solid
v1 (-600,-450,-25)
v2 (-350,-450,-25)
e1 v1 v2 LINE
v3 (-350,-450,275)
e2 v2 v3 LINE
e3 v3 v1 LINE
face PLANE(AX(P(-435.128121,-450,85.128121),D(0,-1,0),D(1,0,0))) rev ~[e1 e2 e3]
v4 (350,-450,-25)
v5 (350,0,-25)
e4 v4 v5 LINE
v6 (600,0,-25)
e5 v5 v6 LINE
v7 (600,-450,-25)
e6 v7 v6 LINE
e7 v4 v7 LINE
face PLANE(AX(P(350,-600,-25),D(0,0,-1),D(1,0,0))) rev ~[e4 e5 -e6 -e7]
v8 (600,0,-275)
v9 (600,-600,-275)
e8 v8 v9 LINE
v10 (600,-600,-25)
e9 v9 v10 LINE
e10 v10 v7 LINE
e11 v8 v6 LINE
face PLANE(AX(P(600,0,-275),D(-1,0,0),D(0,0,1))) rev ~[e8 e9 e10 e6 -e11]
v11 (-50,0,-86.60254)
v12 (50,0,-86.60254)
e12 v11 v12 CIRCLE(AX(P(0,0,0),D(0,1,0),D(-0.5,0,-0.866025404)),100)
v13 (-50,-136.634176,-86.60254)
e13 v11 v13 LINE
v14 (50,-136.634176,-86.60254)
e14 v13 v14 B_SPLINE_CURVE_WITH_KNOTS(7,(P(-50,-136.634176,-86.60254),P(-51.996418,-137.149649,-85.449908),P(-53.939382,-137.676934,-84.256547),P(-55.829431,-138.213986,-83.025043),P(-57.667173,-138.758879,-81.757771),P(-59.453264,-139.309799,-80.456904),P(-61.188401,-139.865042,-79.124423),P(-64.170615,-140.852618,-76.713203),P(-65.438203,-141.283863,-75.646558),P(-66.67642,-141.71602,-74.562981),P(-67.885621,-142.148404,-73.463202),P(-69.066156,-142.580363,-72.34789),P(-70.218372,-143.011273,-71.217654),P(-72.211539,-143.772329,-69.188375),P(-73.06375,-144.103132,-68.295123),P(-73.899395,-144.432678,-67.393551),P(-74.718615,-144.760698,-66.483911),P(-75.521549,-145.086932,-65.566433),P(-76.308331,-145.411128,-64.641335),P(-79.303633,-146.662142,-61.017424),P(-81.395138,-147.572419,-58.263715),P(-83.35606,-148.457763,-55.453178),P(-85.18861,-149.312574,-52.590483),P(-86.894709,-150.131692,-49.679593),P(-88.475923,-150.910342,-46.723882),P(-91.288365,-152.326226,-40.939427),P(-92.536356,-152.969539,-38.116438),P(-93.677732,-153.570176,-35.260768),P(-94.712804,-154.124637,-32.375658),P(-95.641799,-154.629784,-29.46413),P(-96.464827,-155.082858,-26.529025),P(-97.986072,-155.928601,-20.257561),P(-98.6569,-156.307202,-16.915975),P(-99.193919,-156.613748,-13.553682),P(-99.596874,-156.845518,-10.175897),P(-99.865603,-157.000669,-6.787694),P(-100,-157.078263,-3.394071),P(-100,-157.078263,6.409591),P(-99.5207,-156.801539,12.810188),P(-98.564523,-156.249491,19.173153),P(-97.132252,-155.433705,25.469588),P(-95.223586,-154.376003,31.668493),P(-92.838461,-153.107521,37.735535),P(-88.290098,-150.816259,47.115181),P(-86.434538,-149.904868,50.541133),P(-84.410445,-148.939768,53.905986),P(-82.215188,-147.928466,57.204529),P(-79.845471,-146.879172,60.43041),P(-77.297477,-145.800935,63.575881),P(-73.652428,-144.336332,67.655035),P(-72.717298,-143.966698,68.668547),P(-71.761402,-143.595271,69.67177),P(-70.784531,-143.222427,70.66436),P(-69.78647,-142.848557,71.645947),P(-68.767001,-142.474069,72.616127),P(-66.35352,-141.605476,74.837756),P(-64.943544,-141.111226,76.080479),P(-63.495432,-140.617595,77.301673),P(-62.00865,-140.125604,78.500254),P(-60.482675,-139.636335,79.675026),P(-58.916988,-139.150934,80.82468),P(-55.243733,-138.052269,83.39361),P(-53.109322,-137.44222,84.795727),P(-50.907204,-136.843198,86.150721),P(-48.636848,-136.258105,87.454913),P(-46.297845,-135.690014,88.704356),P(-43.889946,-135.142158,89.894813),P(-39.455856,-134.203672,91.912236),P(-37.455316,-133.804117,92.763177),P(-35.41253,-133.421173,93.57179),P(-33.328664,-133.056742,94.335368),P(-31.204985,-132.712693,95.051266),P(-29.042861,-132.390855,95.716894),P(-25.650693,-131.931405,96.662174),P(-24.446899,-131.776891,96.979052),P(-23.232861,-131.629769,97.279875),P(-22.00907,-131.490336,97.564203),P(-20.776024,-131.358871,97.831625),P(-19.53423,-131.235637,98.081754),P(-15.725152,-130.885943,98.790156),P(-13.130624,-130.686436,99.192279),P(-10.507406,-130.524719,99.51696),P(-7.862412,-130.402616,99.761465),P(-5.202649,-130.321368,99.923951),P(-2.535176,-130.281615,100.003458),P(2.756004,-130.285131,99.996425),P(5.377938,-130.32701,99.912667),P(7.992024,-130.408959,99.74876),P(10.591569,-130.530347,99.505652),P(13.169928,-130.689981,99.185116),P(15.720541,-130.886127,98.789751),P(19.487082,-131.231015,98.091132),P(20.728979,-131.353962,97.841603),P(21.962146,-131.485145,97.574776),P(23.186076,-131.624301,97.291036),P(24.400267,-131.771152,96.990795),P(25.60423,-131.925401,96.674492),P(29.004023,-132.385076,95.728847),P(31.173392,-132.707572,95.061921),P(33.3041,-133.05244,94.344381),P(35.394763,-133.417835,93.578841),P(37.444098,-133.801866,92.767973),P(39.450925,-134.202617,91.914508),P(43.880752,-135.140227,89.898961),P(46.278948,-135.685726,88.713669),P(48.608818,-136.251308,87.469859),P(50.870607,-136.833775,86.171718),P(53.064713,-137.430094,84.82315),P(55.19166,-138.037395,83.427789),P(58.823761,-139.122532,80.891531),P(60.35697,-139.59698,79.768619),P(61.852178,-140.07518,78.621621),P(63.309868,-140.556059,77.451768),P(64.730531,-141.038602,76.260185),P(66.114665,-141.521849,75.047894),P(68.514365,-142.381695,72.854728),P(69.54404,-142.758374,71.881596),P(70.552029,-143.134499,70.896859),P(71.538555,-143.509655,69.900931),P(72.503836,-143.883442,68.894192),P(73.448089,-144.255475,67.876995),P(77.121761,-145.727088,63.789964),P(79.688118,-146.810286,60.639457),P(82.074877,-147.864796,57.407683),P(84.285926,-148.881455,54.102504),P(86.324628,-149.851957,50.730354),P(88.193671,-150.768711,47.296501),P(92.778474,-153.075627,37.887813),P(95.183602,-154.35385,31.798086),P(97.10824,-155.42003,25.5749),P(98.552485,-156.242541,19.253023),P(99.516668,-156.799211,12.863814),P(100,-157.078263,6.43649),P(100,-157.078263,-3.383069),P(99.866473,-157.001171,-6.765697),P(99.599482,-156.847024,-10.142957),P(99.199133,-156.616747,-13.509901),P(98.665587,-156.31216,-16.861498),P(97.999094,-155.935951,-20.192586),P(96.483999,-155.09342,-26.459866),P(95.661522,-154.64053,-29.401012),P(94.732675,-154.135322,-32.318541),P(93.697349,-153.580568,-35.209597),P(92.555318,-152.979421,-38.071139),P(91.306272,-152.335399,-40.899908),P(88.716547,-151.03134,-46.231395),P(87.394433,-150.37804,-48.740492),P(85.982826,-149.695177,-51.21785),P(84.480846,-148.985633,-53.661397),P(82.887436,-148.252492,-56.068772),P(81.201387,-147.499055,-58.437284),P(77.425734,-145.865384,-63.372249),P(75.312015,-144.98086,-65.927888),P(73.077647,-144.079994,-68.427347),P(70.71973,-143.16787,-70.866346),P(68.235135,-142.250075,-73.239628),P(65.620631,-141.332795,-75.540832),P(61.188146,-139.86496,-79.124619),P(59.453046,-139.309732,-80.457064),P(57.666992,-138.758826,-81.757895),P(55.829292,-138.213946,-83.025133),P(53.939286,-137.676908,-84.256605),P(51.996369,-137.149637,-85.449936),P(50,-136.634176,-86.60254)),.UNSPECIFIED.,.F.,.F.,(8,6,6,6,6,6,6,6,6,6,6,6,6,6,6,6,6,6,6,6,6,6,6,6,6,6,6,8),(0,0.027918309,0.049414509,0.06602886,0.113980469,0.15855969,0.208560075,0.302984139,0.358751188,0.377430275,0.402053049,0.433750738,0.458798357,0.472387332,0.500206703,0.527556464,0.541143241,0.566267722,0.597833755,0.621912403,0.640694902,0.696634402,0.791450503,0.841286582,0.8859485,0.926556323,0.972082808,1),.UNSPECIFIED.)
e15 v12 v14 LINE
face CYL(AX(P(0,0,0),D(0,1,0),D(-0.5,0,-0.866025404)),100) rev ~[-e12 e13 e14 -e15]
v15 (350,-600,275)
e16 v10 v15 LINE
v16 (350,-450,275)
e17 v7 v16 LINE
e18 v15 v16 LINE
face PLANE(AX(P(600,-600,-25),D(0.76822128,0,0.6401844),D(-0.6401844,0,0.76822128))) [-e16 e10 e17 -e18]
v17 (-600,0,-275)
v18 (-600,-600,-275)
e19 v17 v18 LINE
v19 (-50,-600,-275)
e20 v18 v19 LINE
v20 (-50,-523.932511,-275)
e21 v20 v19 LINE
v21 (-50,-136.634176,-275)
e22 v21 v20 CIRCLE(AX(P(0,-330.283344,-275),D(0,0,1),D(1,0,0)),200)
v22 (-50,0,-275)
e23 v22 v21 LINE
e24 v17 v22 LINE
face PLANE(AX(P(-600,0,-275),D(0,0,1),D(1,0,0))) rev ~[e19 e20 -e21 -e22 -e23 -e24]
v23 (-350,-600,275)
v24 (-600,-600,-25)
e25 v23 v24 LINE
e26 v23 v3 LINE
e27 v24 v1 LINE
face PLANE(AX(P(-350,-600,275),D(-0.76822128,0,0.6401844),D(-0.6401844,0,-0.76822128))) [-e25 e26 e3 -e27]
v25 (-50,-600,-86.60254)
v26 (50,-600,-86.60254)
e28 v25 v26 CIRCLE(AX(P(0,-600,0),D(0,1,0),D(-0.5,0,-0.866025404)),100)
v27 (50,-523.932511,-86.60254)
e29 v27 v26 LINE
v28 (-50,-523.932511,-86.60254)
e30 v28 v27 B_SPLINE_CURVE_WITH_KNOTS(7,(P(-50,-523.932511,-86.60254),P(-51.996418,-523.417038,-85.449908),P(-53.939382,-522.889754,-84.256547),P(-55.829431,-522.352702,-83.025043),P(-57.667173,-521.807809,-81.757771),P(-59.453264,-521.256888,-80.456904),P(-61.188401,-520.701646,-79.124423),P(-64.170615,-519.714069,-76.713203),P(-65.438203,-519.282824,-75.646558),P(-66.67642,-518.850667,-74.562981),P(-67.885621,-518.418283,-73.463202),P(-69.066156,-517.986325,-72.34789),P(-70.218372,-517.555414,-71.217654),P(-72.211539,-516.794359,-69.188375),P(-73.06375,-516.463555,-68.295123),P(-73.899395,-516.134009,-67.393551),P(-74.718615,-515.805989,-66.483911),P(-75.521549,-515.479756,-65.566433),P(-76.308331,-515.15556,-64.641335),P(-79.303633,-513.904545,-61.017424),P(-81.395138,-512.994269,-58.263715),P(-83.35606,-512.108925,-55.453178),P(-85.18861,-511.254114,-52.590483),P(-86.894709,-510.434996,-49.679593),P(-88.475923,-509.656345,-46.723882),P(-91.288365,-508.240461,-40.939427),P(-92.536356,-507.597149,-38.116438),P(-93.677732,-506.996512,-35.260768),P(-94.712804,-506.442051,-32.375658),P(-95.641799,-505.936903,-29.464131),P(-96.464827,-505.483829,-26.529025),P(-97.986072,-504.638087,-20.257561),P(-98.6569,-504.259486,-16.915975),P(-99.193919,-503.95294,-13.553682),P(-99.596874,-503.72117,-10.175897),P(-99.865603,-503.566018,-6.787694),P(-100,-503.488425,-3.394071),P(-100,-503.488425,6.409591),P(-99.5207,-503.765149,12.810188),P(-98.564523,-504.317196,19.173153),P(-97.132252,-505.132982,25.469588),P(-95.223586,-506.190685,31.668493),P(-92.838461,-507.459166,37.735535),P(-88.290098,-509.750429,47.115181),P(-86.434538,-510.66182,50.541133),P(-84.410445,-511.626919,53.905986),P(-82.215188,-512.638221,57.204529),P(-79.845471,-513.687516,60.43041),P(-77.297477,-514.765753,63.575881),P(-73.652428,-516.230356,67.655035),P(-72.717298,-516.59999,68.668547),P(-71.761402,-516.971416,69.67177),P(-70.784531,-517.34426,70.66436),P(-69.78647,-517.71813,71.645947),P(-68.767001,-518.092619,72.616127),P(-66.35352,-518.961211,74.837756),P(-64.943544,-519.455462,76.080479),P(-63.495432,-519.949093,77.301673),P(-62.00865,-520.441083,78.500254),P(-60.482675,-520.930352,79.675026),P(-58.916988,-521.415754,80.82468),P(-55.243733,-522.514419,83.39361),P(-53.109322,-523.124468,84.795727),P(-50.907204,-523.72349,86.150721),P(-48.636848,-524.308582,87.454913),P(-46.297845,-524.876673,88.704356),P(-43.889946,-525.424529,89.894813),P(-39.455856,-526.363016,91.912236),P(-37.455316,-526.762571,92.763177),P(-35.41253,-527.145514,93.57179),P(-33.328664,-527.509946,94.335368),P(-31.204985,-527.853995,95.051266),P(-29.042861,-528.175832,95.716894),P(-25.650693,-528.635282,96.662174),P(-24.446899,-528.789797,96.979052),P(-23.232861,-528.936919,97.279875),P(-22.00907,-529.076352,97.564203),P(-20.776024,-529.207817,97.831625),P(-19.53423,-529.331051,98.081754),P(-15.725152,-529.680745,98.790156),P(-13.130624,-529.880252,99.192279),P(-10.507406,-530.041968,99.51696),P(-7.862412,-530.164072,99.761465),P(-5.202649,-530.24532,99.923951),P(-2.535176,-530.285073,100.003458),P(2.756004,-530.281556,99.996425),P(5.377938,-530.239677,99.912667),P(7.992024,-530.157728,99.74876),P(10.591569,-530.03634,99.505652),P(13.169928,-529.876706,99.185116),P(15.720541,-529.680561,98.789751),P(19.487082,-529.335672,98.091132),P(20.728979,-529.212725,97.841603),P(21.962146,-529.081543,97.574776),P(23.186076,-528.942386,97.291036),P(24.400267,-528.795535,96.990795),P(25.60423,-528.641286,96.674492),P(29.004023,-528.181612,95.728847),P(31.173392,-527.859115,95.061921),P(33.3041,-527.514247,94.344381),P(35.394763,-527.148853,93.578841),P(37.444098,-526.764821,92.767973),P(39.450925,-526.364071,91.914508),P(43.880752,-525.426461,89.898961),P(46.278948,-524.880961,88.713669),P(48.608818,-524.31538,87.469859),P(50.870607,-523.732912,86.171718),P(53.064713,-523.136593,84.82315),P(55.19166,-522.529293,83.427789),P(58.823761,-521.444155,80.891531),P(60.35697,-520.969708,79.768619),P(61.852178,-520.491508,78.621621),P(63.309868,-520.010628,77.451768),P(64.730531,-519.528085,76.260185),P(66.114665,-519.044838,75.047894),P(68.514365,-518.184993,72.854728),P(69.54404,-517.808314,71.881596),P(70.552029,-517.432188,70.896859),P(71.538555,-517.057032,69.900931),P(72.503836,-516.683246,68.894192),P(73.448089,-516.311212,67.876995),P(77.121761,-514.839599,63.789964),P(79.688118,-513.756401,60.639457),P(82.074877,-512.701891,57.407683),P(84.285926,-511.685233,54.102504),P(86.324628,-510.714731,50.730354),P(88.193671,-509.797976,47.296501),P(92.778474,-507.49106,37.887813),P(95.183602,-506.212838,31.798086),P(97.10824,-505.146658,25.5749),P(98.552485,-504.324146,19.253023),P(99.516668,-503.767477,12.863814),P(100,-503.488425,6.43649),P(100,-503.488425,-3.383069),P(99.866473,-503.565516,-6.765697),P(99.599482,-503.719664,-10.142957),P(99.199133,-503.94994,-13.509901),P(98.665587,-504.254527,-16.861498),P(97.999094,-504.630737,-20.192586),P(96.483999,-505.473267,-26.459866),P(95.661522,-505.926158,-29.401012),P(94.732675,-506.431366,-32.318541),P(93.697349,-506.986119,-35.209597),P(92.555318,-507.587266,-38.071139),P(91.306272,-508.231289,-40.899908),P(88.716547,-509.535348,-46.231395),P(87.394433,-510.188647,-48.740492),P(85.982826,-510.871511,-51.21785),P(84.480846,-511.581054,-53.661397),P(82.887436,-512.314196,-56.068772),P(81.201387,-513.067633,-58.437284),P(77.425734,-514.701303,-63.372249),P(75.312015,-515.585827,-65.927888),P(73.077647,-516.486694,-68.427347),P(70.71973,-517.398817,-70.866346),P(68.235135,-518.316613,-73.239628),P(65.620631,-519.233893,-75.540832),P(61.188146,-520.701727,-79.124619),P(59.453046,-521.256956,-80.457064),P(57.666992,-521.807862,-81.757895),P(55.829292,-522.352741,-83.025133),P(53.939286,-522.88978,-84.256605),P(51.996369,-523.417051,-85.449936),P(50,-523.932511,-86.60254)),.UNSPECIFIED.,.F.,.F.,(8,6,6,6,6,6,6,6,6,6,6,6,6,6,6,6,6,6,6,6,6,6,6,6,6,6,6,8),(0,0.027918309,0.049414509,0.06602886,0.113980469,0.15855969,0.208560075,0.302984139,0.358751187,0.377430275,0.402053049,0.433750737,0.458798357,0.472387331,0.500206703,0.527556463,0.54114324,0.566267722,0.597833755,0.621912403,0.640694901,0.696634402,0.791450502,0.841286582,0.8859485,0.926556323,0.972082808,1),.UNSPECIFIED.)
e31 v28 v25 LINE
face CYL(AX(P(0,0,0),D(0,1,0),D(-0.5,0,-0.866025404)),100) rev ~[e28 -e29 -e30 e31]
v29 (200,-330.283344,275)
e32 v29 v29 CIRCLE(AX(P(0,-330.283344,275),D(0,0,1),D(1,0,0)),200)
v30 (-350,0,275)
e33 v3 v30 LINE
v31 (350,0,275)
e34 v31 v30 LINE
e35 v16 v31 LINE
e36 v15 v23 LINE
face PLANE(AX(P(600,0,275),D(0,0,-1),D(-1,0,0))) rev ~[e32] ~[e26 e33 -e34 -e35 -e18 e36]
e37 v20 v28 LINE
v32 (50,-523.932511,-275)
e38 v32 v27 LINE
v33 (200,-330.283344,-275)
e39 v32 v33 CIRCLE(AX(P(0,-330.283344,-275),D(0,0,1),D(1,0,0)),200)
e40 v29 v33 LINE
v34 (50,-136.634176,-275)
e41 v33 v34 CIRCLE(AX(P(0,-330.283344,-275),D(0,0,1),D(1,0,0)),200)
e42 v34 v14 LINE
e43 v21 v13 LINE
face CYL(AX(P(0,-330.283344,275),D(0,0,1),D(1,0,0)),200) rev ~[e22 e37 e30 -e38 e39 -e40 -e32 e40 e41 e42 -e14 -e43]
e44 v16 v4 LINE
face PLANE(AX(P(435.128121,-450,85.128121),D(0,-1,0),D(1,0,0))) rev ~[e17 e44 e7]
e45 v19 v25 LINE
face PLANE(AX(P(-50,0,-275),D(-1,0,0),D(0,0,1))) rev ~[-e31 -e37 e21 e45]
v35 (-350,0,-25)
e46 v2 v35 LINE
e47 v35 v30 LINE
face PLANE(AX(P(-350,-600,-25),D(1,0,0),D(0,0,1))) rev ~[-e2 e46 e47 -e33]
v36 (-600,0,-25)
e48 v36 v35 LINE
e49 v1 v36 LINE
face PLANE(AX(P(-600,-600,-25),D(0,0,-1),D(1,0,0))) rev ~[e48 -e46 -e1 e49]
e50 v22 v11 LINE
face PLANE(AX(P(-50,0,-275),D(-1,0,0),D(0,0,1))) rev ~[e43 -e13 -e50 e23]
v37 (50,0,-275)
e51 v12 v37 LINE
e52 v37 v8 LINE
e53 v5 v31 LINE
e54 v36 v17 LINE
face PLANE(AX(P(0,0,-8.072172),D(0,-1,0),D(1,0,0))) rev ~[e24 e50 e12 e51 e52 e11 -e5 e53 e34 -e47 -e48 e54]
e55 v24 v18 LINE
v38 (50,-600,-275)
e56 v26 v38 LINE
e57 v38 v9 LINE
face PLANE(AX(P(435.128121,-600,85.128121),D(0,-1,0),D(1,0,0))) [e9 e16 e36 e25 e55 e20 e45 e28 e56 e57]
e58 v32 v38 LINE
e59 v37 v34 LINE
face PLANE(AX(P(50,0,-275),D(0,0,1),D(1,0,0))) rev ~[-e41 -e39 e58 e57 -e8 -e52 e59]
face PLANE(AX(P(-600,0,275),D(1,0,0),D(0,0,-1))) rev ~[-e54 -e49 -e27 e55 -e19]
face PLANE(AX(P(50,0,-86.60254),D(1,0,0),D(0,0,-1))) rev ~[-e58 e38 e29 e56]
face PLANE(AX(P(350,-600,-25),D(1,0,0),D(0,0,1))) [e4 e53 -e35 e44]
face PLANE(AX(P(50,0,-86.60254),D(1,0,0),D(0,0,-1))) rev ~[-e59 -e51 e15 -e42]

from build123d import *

# Parameters (mm, degrees)
F2_DEPTH  = 600
F3_W      = 250
F3_H      = 300
F4_DEPTH  = 600
F6_DEPTH  = 150
F8_DEPTH  = 150
F9_R      = 200
F10_DEPTH = 550.001


with BuildPart() as f2:
    # F1 (on face) → F2 (new body)
    with BuildSketch(Plane.XZ):
        with BuildLine():
            Line((600, -275), (600, 275))
            Line((600, 275), (-600, 275))
            Line((-600, 275), (-600, -275))
            Line((-600, -275), (-50, -275))
            Line((-50, -275), (-50, -86.6025403784))
            ThreePointArc((-50, -86.6025403784), (0, 100), (50, -86.6025403784))
            Line((50, -86.6025403784), (50, -100))
            Line((50, -100), (50, -101.5080809593))
            Line((50, -101.5080809593), (50, -275))
            Line((50, -275), (600, -275))
        make_face()
    extrude(amount=F2_DEPTH)

    # F3 (on face) → F4 (cut)
    with BuildSketch(Plane.XZ.offset(600)):
        with Locations((-475, 125)):
            Rectangle(F3_W, F3_H)
        with Locations((475, 125)):
            Rectangle(F3_W, F3_H)
    extrude(amount=-F4_DEPTH, mode=Mode.SUBTRACT)

    # F5 (on face) → F6 (join)
    with BuildSketch(Plane.XZ.offset(600)):
        Polygon((-350, 275), (-600, -25), (-350, -25), align=None)
    extrude(amount=-F6_DEPTH)

    # F7 (on face) → F8 (join)
    with BuildSketch(Plane.XZ.offset(600)):
        Polygon((350, -25), (600, -25), (350, 275), align=None)
    extrude(amount=-F8_DEPTH)

    # F9 (on face) → F10 (cut, through all)
    with BuildSketch(Plane.XY.offset(275)):
        with Locations((0, -330.283343792)):
            Circle(F9_R)
    extrude(amount=-F10_DEPTH, mode=Mode.SUBTRACT)


solid = f2.part
